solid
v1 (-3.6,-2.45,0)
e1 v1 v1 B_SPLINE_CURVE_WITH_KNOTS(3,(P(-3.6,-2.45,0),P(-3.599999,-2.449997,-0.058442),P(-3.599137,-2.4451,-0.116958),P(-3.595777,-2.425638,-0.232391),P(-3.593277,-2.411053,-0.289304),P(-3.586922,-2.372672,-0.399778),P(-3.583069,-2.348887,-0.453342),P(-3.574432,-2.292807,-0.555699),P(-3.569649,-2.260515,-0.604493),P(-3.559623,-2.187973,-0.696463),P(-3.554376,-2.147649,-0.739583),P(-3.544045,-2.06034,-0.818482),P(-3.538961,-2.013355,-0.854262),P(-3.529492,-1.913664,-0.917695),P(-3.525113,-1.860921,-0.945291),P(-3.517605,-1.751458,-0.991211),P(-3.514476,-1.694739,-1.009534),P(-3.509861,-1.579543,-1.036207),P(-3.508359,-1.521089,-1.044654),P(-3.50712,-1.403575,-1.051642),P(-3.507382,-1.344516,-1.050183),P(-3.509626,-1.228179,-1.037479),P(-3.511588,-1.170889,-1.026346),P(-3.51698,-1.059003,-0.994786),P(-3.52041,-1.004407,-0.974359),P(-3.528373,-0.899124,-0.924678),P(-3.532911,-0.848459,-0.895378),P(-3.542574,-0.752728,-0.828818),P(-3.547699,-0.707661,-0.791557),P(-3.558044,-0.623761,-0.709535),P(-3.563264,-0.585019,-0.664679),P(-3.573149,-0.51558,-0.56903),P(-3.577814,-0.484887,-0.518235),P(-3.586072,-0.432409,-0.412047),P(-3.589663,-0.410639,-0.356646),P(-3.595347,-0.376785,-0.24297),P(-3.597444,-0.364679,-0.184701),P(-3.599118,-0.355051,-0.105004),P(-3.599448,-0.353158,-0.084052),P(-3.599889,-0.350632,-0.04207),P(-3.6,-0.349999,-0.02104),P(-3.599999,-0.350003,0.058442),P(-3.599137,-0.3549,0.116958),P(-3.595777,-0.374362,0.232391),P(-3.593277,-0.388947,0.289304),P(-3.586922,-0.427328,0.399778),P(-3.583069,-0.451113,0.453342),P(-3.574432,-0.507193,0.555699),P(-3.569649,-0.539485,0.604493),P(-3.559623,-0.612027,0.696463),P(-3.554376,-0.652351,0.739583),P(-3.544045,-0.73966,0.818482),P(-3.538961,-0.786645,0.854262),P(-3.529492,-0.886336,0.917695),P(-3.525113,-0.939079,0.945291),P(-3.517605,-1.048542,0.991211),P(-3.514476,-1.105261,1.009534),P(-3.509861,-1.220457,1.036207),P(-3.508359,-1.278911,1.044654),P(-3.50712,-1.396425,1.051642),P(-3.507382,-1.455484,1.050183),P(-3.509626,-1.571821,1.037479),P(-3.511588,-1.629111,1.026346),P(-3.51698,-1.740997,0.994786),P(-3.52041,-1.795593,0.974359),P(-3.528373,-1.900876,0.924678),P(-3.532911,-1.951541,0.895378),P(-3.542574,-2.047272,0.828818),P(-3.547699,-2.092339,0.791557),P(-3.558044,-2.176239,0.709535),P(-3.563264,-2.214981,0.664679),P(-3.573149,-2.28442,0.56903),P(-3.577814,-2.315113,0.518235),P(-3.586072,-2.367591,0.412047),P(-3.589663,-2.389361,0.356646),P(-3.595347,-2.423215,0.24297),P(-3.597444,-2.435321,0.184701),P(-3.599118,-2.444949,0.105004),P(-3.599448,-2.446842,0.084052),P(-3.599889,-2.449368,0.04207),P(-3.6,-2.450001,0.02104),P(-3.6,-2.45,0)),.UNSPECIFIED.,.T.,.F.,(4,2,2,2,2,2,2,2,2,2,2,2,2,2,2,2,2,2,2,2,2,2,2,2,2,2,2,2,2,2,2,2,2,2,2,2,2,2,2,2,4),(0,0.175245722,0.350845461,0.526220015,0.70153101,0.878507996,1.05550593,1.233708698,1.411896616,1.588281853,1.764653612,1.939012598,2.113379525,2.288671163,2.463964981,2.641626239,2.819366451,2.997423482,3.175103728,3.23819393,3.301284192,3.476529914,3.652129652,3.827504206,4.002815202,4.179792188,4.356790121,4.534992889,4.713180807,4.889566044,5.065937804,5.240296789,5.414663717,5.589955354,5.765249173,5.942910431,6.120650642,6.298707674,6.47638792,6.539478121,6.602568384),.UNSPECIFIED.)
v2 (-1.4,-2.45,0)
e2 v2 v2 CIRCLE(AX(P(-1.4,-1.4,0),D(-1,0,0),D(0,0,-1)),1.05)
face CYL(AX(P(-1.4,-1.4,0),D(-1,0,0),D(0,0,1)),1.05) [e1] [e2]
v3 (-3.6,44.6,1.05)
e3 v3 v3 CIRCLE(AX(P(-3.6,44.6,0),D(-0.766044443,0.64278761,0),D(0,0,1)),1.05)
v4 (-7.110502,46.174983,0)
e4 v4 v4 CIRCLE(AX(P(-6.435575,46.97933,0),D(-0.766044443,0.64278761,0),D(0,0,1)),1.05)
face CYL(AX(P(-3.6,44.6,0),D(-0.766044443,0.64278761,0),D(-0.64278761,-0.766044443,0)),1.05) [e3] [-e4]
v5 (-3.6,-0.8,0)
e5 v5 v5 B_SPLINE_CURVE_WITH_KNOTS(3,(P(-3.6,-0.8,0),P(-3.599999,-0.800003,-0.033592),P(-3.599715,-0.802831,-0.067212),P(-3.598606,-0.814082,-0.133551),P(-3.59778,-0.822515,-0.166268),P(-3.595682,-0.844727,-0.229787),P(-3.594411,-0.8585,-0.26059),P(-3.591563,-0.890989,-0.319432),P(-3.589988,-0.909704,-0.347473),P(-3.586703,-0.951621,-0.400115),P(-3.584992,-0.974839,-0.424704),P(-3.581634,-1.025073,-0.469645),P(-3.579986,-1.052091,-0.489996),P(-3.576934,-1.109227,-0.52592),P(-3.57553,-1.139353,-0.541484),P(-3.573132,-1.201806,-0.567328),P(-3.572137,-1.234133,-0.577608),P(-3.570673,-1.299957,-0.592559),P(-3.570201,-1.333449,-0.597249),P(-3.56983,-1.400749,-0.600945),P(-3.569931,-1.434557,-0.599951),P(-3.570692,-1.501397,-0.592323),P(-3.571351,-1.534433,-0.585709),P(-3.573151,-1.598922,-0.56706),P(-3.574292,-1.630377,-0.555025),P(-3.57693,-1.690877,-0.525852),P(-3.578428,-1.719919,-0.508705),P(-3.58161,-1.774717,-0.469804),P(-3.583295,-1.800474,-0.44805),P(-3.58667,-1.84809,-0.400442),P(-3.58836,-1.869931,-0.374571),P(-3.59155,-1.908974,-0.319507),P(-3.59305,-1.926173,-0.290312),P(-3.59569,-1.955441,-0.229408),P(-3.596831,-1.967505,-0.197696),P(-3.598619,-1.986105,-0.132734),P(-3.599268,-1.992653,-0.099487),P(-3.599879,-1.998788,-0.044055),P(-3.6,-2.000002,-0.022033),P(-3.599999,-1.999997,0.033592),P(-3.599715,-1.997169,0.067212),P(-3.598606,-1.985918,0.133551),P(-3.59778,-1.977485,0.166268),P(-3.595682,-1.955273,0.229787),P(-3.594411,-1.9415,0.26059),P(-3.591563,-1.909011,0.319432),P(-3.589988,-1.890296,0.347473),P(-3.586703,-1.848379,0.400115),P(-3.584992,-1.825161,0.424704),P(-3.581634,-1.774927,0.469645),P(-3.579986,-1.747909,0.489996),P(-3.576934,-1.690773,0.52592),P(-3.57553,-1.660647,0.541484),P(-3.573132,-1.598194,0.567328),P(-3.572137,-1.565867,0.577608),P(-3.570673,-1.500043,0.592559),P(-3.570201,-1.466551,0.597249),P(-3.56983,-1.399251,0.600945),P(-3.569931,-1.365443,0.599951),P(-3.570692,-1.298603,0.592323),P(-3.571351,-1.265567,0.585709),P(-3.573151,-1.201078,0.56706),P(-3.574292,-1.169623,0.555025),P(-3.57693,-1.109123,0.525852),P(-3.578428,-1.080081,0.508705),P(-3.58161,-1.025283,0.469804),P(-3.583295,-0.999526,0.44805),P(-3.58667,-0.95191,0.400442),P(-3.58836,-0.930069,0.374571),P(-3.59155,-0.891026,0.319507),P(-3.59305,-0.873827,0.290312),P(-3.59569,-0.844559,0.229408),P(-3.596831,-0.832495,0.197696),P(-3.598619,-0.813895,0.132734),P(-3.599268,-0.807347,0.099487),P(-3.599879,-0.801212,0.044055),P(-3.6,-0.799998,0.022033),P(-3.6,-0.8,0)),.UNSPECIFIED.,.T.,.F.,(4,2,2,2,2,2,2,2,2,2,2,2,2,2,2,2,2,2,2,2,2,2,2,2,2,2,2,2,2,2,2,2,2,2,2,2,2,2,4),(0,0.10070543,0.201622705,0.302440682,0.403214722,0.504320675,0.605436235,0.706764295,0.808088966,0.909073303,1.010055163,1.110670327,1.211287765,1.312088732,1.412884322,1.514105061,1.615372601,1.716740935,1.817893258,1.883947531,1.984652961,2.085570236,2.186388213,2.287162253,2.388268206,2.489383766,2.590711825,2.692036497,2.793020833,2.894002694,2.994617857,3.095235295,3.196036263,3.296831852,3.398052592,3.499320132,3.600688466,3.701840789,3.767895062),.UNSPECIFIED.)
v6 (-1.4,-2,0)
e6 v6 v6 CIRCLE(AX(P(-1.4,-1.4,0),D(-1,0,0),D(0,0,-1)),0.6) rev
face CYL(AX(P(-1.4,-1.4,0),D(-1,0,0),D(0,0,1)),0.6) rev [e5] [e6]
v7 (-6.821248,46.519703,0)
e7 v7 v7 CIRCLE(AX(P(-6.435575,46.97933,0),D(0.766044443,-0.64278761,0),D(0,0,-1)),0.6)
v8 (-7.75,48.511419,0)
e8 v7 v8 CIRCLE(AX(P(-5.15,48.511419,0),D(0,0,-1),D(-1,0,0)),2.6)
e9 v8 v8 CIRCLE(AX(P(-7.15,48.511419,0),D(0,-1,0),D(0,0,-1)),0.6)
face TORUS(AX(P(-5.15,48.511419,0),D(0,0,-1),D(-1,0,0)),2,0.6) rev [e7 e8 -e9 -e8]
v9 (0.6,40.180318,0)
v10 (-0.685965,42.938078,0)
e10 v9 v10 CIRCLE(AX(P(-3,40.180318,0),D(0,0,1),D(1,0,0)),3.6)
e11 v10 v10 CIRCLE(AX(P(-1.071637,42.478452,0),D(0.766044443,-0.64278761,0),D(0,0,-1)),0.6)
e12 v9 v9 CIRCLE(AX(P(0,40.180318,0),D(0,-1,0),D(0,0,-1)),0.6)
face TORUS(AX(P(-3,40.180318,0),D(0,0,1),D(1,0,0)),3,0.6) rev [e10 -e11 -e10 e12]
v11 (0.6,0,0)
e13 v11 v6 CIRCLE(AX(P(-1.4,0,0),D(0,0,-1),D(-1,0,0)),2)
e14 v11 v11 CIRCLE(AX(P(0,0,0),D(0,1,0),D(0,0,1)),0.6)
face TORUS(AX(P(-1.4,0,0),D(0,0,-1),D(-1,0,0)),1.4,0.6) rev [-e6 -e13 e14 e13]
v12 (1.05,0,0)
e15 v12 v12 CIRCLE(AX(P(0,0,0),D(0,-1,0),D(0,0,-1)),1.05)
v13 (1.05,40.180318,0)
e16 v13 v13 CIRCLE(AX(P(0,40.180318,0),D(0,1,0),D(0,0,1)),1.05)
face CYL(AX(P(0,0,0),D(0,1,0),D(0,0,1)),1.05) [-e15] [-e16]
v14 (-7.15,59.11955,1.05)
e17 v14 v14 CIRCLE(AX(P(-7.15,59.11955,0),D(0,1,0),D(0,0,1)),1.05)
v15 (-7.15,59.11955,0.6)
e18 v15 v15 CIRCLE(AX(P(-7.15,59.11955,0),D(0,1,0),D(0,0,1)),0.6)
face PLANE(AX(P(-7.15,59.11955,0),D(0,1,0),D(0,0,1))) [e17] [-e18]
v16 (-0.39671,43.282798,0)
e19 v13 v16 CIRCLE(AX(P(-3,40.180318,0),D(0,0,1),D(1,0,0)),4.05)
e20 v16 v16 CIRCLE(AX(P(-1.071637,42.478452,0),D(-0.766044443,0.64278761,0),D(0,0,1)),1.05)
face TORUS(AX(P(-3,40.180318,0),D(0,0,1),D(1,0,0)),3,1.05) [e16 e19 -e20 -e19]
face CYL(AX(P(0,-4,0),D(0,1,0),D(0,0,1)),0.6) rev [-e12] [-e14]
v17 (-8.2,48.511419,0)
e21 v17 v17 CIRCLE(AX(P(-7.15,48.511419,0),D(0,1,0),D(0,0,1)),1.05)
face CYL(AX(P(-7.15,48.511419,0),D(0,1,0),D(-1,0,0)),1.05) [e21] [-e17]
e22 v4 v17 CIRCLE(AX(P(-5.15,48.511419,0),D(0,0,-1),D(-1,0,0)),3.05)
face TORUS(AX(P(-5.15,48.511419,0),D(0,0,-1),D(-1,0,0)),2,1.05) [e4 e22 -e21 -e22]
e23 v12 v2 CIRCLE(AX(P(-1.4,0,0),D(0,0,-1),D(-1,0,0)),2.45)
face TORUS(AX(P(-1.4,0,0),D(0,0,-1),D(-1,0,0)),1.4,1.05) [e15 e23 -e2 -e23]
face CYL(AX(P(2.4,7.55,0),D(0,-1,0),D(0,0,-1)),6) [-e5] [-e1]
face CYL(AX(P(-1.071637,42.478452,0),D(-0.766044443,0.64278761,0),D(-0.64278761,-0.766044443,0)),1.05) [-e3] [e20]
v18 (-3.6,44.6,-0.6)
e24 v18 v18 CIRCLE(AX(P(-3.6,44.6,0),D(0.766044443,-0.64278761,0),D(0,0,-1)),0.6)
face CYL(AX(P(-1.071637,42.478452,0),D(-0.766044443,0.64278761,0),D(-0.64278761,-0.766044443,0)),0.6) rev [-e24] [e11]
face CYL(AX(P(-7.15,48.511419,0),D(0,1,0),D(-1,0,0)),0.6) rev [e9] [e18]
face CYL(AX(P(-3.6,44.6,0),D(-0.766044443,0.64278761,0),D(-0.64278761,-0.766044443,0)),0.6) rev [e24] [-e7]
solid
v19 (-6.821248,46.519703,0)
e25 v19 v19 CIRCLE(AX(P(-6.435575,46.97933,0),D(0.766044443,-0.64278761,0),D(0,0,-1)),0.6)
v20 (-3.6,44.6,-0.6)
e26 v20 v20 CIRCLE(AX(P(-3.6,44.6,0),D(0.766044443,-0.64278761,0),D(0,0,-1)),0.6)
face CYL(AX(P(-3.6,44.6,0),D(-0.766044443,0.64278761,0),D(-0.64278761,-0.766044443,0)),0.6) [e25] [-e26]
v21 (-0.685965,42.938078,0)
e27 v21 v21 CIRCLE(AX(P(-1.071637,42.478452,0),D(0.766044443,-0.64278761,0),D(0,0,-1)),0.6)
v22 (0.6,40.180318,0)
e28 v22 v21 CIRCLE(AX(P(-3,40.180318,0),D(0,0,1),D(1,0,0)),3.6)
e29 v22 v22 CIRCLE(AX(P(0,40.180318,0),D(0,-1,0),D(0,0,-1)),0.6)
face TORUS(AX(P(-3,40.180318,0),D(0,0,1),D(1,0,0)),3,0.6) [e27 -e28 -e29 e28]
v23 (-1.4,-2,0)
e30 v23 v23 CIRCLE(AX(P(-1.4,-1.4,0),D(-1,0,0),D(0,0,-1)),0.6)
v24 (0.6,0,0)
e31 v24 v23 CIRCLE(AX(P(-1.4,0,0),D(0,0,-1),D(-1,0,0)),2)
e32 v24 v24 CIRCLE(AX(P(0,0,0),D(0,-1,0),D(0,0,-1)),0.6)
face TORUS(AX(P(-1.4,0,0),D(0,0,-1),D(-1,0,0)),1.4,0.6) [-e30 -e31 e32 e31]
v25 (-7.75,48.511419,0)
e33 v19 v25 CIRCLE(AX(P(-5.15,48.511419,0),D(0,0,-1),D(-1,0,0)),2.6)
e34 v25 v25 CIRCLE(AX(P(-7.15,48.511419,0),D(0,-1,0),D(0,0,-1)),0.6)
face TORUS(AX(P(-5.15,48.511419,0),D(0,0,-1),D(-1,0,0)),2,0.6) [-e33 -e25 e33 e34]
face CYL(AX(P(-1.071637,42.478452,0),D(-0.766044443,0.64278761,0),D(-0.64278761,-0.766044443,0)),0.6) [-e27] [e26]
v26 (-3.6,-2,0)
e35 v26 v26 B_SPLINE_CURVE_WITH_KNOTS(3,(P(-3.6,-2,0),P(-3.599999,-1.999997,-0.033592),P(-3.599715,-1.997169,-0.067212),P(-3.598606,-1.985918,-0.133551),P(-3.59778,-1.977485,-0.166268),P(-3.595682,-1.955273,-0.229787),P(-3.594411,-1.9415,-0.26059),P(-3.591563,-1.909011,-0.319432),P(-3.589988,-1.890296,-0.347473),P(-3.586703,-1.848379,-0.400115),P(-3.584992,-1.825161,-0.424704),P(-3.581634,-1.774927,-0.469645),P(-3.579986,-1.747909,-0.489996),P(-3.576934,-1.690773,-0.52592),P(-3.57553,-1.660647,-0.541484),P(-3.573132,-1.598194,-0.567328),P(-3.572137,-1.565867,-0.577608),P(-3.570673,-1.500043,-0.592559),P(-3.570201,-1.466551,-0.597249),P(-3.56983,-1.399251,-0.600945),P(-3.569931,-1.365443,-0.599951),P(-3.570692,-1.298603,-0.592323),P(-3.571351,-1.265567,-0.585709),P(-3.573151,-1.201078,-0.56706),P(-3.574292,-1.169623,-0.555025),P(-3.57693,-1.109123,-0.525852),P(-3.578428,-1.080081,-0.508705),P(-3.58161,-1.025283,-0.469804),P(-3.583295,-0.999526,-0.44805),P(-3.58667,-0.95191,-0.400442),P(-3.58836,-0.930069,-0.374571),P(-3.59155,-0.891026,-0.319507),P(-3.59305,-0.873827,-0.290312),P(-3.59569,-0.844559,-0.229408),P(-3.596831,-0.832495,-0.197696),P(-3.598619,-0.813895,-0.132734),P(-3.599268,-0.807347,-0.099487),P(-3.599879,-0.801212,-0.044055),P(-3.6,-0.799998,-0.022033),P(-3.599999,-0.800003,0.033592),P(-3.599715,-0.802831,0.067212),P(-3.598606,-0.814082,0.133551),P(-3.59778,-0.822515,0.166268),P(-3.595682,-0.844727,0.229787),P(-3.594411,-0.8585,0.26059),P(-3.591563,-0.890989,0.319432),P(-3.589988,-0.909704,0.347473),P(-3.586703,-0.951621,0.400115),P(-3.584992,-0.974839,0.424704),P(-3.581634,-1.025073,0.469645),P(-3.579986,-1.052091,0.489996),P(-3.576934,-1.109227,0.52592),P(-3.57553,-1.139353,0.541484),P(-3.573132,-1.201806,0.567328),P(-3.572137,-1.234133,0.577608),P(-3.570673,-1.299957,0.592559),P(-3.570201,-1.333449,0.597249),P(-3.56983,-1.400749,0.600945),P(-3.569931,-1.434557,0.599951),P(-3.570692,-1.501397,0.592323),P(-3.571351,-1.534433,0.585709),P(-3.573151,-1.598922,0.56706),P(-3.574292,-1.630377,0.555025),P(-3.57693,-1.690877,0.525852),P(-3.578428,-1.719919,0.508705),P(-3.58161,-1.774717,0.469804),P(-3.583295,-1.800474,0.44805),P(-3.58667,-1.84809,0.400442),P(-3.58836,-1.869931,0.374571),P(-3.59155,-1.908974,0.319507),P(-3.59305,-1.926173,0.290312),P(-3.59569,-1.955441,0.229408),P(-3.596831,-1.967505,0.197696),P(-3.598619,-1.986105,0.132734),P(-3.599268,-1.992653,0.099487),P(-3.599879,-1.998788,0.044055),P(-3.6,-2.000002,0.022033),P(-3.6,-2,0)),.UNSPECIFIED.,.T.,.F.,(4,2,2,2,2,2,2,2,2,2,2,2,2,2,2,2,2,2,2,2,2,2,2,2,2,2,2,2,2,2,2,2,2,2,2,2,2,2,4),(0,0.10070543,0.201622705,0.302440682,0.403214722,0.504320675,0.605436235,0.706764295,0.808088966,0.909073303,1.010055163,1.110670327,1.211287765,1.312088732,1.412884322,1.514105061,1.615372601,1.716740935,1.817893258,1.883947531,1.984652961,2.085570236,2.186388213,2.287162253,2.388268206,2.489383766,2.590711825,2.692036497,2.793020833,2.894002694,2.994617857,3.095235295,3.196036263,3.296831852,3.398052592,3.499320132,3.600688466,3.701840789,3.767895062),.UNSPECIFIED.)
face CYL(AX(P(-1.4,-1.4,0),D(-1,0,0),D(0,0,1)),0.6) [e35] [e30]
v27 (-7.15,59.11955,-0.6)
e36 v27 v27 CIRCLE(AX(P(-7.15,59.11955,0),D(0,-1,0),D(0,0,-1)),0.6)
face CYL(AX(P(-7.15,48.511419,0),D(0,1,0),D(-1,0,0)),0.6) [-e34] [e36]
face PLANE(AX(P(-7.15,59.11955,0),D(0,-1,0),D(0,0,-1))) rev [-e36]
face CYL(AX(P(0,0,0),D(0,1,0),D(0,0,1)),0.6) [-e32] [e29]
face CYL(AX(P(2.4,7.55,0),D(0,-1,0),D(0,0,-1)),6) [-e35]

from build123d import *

# Parameters (mm, degrees)
SKETCH_1_R          = 1.05
SKETCH_3_R          = 0.6
SKETCH_4_R          = 0.6
SKETCH_6_R          = 0.6
SKETCH_7_R          = 1.05
SKETCH_7_R_2        = 0.6
CUT_EXTRUDE_1_DEPTH = 10
CUT_EXTRUDE_2_DEPTH = 10


with BuildPart() as part:
    # Sweep 1: sweep along a path in Эскиз2
    with BuildLine(Plane.XY) as sweep_1_path:
        Line((0, 0), (0, 40.180318356))
        ThreePointArc((0, 40.180318356), (-0.281076639, 41.448173141), (-1.071637171, 42.478451685))
        Line((-1.071637171, 42.478451685), (-3.6, 44.600000002))
        Line((-3.6, 44.600000002), (-6.435575219, 46.979330123))
        ThreePointArc((-6.435575219, 46.979330123), (-6.962615574, 47.666182486), (-7.15, 48.511419009))
        Line((-7.15, 48.511419009), (-7.15, 59.119549689))
    # Эскиз1 → Sweep 1 (sweep)
    with BuildSketch(Plane(origin=(0, 0, 0), x_dir=(1, 0, 0), z_dir=(0, 1, 0))):
        Circle(SKETCH_1_R)
    sweep(path=sweep_1_path.line)

    # Sweep 1 2: sweep along a path in Эскиз2<2>
    with BuildLine(Plane.XY) as sweep_1_2_path:
        Line((0, 0), (0, 40.180318356))
        ThreePointArc((0, 40.180318356), (-0.281076639, 41.448173141), (-1.071637171, 42.478451685))
        Line((-1.071637171, 42.478451685), (-3.6, 44.600000002))
        Line((-3.6, 44.600000002), (-6.435575219, 46.979330123))
        ThreePointArc((-6.435575219, 46.979330123), (-6.962615574, 47.666182486), (-7.15, 48.511419009))
        Line((-7.15, 48.511419009), (-7.15, 59.119549689))
    # Эскиз3 → Sweep 1 2 (sweep, cut)
    with BuildSketch(Plane.XZ):
        Circle(SKETCH_3_R)
    sweep(path=sweep_1_2_path.line, mode=Mode.SUBTRACT)

    # По траектории4: sweep along a path in Эскиз5<2>
    with BuildLine(Plane.XY) as sweep_4_path:
        Line((-3.6, -1.4), (-1.4, -1.4))
        ThreePointArc((-1.4, -1.4), (-0.410050506, -0.989949494), (0, 0))
    # Эскиз7 → По траектории4 (sweep)
    with BuildSketch(Plane.XZ):
        Circle(SKETCH_7_R)
        Circle(SKETCH_7_R_2, mode=Mode.SUBTRACT)
    sweep(path=sweep_4_path.line)


with BuildPart() as body_2:
    # По траектории2: sweep along a path in Эскиз2<3>
    with BuildLine(Plane.XY) as sweep_2_path:
        Line((0, 0), (0, 40.180318356))
        ThreePointArc((0, 40.180318356), (-0.281076639, 41.448173141), (-1.071637171, 42.478451685))
        Line((-1.071637171, 42.478451685), (-3.6, 44.600000002))
        Line((-3.6, 44.600000002), (-6.435575219, 46.979330123))
        ThreePointArc((-6.435575219, 46.979330123), (-6.962615574, 47.666182486), (-7.15, 48.511419009))
        Line((-7.15, 48.511419009), (-7.15, 59.119549689))
    # Эскиз4 → По траектории2 (sweep)
    with BuildSketch(Plane.XZ):
        Circle(SKETCH_4_R)
    sweep(path=sweep_2_path.line)

    # По траектории3: sweep along a path in Эскиз5
    with BuildLine(Plane.XY) as sweep_3_path:
        Line((-3.6, -1.4), (-1.4, -1.4))
        ThreePointArc((-1.4, -1.4), (-0.410050506, -0.989949494), (0, 0))
    # Эскиз6 → По траектории3 (sweep)
    with BuildSketch(Plane.XZ):
        Circle(SKETCH_6_R)
    sweep(path=sweep_3_path.line)


with BuildPart() as cut_extrude_1_tool:
    # Эскиз8 → Вырез-Вытянуть1 (new body)
    with BuildSketch(Plane(origin=(0, -2.45, 0), x_dir=(-1, 0, 0), z_dir=(0, -1, 0))):
        with BuildLine():
            ThreePointArc((3.5074106, 1.05), (3.576807827, 0.52703719), (3.6, 0))
            Line((3.6, 0), (3.6, 1.05))
            Line((3.6, 1.05), (3.5074106, 1.05))
        make_face()
    extrude(amount=-CUT_EXTRUDE_1_DEPTH)


with BuildPart() as part_1:
    add(part.part)

    # Вырез-Вытянуть1: cut by cut_extrude_1_tool
    add(cut_extrude_1_tool.part, mode=Mode.SUBTRACT)


with BuildPart() as body_2_1:
    add(body_2.part)

    # Вырез-Вытянуть1: cut by cut_extrude_1_tool
    add(cut_extrude_1_tool.part, mode=Mode.SUBTRACT)


with BuildPart() as cut_extrude_2_tool:
    # Эскиз8<3> → Вырез-Вытянуть2 (new body)
    with BuildSketch(Plane(origin=(0, -2.45, 0), x_dir=(-1, 0, 0), z_dir=(0, -1, 0))):
        with BuildLine():
            Line((3.5074106, -1.05), (3.6, -1.05))
            Line((3.6, -1.05), (3.6, 0))
            ThreePointArc((3.6, 0), (3.576807827, -0.52703719), (3.5074106, -1.05))
        make_face()
    extrude(amount=-CUT_EXTRUDE_2_DEPTH)


with BuildPart() as part_2:
    add(part_1.part)

    # Вырез-Вытянуть2: cut by cut_extrude_2_tool
    add(cut_extrude_2_tool.part, mode=Mode.SUBTRACT)


with BuildPart() as body_2_2:
    add(body_2_1.part)

    # Вырез-Вытянуть2: cut by cut_extrude_2_tool
    add(cut_extrude_2_tool.part, mode=Mode.SUBTRACT)


solid = Compound([part_2.part, body_2_2.part])
